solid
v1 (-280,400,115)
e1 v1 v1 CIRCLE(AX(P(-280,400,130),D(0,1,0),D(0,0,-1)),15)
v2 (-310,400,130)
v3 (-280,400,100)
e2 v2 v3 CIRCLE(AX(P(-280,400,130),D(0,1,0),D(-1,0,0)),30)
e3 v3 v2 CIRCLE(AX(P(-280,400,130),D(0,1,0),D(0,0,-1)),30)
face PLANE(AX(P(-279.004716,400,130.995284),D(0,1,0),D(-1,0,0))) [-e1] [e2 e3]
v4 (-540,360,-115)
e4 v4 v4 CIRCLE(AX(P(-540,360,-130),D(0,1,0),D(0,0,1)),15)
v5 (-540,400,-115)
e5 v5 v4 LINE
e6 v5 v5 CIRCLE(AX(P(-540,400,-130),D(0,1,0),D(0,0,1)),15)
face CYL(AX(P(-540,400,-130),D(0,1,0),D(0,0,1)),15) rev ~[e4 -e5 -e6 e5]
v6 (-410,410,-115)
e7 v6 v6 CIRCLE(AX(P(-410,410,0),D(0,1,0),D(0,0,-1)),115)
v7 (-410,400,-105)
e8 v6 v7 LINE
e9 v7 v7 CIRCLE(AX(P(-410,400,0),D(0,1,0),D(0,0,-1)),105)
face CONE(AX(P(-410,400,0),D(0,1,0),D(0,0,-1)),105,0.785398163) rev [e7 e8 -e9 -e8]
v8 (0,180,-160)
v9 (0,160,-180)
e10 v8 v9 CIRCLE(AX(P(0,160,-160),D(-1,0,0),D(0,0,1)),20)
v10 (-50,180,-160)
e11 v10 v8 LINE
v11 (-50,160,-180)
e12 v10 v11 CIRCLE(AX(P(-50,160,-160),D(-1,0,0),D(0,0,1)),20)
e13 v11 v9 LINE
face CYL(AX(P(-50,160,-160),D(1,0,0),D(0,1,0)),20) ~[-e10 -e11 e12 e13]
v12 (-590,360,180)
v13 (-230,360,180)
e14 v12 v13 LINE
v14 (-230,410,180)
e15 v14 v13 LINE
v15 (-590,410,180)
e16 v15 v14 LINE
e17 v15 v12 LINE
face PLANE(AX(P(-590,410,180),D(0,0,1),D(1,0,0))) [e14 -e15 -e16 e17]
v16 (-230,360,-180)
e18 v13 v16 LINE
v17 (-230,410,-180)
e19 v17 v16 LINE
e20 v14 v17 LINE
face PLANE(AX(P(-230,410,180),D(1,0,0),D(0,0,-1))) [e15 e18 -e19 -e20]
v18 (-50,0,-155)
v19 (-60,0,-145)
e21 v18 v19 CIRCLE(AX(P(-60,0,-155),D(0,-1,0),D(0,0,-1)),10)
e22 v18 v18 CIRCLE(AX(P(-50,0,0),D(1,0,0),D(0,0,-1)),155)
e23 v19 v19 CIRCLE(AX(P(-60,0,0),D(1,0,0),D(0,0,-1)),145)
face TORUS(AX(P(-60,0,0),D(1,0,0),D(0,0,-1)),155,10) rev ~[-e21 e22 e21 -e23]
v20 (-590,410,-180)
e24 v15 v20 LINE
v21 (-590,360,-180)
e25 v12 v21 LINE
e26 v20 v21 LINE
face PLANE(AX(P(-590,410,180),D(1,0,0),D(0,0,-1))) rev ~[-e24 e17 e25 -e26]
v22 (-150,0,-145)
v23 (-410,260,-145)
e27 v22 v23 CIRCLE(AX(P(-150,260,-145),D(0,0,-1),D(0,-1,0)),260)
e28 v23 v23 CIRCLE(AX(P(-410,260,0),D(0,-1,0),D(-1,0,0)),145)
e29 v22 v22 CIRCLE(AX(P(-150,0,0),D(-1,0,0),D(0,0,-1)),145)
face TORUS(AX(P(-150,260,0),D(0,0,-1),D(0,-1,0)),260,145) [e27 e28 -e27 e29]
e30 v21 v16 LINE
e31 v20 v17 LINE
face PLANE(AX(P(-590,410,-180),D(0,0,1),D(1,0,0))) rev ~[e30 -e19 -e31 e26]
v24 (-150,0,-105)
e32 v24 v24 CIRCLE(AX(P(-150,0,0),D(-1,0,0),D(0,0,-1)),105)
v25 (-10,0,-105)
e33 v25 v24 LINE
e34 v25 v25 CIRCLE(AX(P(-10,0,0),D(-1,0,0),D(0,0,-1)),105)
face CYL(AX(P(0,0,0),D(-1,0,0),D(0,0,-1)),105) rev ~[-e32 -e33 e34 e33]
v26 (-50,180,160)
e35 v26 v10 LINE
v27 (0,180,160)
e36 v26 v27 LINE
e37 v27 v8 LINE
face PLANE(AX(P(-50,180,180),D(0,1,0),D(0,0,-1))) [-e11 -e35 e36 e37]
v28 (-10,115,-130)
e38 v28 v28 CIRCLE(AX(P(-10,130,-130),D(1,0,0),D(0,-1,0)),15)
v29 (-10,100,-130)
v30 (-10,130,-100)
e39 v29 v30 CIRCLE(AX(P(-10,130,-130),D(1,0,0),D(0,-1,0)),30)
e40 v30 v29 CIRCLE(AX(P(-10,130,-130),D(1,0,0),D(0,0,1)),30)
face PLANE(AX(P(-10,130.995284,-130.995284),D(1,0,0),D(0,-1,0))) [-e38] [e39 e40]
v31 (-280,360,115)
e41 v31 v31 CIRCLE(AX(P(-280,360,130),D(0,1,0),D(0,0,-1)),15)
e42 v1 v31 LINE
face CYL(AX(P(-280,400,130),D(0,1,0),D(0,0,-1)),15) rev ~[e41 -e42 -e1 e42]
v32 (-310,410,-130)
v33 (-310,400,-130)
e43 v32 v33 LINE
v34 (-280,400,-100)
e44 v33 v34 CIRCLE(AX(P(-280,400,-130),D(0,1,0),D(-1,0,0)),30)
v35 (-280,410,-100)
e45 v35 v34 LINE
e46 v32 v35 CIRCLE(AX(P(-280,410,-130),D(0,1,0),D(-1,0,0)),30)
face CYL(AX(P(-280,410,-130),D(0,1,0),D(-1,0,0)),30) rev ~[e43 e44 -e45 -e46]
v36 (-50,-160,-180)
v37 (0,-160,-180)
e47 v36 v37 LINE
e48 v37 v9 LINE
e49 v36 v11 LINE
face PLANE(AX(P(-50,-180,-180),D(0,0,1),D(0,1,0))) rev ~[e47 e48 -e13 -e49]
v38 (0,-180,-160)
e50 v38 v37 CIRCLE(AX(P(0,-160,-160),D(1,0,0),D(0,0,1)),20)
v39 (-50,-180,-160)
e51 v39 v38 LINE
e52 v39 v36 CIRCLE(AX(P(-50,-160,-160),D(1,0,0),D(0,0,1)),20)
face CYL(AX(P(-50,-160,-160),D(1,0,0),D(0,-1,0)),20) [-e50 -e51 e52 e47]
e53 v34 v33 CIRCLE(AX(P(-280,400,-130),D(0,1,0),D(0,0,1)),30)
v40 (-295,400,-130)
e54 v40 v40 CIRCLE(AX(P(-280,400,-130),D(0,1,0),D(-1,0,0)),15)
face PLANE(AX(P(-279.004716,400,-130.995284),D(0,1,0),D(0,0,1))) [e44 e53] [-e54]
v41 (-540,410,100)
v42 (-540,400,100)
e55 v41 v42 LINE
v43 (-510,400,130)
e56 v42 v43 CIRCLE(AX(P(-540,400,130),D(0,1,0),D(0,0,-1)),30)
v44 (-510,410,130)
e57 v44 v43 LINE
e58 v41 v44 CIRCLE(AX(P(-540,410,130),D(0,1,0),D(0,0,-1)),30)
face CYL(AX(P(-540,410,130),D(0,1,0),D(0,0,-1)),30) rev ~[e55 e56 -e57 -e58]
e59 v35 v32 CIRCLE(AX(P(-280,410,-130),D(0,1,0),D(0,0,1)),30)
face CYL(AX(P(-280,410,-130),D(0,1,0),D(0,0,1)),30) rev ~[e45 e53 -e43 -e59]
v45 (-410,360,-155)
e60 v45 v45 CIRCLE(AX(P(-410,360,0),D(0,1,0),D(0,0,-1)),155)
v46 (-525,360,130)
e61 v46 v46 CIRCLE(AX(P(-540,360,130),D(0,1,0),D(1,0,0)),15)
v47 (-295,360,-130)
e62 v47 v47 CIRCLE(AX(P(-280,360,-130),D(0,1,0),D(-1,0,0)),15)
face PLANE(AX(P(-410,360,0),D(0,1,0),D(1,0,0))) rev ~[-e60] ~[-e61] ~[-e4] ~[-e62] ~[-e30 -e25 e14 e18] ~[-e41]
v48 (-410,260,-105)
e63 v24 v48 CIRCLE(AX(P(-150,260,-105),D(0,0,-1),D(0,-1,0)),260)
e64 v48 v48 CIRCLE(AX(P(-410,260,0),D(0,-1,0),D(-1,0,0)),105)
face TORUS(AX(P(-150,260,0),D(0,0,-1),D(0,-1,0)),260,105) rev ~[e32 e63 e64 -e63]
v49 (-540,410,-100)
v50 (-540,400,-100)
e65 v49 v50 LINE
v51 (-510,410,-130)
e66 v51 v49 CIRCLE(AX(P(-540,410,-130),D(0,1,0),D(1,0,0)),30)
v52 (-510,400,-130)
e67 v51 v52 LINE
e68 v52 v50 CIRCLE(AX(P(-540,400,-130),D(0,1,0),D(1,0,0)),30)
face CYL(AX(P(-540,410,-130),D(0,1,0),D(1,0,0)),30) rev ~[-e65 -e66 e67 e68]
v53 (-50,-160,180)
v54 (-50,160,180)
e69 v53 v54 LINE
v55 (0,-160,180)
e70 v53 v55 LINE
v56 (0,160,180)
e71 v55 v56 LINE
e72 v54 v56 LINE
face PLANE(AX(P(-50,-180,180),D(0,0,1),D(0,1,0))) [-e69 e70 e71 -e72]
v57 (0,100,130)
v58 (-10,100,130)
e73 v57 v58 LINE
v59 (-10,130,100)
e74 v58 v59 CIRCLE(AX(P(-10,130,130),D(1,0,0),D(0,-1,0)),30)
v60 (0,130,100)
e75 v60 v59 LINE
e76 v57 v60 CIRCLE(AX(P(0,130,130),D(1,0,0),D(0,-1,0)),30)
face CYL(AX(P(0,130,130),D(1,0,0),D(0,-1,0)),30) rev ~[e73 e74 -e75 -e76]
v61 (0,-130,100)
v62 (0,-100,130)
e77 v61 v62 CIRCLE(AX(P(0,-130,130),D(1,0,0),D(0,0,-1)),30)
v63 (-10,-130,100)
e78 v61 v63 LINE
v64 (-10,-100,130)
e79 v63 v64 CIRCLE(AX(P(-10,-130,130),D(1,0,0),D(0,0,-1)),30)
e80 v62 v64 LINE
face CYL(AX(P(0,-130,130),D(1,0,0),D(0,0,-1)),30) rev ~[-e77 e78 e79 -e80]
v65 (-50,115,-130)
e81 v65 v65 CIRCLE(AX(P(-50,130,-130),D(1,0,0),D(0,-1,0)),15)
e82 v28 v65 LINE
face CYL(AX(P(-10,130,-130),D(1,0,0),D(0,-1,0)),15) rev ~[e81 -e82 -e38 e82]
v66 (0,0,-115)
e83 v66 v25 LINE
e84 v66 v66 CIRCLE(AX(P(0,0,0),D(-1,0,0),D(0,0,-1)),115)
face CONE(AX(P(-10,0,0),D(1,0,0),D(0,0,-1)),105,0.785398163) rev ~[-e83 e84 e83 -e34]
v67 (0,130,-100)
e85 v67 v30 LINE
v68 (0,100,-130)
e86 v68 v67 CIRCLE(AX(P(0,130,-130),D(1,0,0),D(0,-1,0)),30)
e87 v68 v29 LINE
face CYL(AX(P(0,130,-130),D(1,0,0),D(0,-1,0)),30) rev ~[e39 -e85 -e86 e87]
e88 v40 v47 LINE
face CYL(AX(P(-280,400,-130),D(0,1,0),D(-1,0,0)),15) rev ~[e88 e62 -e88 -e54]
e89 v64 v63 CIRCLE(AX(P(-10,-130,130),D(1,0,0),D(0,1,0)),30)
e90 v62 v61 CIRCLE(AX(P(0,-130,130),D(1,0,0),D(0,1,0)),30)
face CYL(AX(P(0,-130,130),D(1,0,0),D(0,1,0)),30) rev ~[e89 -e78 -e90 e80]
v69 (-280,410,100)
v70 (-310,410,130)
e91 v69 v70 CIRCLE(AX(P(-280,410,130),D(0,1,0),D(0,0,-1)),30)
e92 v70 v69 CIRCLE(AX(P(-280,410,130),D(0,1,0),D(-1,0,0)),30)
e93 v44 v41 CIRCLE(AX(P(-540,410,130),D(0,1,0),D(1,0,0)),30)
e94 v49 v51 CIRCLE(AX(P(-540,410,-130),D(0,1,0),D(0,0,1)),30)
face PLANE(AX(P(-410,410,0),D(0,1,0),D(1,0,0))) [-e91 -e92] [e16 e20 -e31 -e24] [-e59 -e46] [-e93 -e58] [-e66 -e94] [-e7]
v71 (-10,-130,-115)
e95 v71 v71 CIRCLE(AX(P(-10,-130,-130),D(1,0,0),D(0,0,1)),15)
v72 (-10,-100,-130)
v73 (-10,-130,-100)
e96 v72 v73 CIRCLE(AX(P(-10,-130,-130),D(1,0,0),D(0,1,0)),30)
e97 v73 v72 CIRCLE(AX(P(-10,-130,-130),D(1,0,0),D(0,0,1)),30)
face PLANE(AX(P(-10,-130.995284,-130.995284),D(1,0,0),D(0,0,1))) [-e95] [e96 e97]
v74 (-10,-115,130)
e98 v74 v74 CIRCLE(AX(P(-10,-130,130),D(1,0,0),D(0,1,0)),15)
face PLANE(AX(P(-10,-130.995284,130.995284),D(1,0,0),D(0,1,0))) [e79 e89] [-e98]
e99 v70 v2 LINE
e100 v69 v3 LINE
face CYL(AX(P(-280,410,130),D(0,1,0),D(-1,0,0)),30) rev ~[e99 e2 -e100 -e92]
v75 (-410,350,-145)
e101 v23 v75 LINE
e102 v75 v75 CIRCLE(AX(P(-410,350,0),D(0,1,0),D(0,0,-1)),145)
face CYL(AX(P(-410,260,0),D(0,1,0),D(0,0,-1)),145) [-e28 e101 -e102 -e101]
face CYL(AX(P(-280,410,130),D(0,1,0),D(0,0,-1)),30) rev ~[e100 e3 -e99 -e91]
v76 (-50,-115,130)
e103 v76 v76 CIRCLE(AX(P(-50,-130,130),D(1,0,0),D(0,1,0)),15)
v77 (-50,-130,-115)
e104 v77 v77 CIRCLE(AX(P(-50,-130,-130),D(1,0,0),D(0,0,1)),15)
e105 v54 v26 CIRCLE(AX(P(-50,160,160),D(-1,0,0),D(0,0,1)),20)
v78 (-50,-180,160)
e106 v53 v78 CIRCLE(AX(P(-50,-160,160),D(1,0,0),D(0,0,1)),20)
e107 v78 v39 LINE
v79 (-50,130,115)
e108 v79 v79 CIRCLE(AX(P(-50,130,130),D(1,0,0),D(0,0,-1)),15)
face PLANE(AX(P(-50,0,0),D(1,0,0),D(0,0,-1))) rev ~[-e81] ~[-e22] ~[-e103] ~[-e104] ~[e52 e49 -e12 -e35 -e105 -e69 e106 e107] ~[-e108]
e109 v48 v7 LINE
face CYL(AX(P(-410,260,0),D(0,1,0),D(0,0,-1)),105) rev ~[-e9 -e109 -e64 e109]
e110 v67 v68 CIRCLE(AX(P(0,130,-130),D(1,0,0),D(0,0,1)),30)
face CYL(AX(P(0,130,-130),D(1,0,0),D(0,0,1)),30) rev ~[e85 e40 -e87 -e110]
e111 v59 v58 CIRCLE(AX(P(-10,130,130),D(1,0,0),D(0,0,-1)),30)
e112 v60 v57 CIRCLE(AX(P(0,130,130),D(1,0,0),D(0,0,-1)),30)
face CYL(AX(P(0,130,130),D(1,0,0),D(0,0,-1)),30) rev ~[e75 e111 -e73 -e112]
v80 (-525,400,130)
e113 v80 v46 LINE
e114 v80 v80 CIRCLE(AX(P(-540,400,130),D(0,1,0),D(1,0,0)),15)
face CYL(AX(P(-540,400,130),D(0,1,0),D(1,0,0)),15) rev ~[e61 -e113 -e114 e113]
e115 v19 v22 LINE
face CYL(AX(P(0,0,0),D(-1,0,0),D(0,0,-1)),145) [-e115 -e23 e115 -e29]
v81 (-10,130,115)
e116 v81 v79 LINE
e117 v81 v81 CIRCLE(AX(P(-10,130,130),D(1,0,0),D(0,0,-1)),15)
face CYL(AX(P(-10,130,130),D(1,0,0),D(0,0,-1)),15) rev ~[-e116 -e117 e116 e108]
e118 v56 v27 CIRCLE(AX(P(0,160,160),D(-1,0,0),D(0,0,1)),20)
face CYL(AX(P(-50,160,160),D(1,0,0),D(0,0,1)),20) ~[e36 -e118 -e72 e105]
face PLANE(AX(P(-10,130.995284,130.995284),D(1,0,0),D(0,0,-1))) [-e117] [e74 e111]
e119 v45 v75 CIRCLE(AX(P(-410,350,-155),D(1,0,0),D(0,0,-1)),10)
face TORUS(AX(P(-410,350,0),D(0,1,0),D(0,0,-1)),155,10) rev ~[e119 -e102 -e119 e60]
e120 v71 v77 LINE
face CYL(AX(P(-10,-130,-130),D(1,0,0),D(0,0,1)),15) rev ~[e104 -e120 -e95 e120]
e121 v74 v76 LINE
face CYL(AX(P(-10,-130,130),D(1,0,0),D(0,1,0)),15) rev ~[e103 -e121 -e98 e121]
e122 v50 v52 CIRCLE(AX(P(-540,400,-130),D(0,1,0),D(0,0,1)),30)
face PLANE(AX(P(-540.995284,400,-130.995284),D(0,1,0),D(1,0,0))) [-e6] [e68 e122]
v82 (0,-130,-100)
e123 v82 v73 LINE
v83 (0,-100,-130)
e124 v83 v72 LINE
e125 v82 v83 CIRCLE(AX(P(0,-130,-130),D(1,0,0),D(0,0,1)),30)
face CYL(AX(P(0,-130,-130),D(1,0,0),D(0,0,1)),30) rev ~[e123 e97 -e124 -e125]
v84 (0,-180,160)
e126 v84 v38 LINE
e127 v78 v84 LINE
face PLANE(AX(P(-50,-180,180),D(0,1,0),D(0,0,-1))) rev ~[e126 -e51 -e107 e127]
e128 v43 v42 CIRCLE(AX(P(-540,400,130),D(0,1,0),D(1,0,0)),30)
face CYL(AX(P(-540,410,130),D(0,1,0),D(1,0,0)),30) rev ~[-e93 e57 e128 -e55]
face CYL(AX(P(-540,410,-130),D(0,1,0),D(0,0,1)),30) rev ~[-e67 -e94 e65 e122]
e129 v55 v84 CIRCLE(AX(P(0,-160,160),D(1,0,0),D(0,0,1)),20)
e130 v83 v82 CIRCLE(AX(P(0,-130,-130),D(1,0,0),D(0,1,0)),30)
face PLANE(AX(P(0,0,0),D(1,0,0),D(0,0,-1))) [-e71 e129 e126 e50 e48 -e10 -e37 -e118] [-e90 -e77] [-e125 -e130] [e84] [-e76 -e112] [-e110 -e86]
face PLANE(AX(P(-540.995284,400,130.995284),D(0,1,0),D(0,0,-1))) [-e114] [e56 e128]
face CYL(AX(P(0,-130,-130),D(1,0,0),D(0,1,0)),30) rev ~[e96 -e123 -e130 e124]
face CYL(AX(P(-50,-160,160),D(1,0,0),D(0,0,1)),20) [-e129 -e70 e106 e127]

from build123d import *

# Parameters (mm, degrees)
SKETCH2_R           = 145
SKETCH2_R_2         = 105
BOSS_EXTRUDE1_START = -50
SKETCH4_W           = 360
SKETCH4_H           = 360
SKETCH4_R           = 145
BOSS_EXTRUDE1_DEPTH = 50
CUT_EXTRUDE1_DEPTH  = 10
CUT_EXTRUDE2_REACH  = 707.355
SKETCH6_R           = 15
CIRPATTERN1_COUNT   = 4
FILLET1_R           = 20
FILLET2_R           = 10
CHAMFER1_SIZE       = 10
SKETCH7_W           = 360
SKETCH7_H           = 360
SKETCH7_R           = 145
BOSS_EXTRUDE2_DEPTH = 50
CUT_EXTRUDE3_DEPTH  = 10
CUT_EXTRUDE4_REACH  = 848.699
SKETCH9_R           = 15
CIRPATTERN3_COUNT   = 4
CHAMFER2_SIZE       = 10
FILLET4_R           = 10


with BuildPart() as part:
    # Sweep-Thin1: sweep along a path in Sketch1
    with BuildLine(Plane.XY) as sweep_thin1_path:
        Line((0, 0), (-150, 0))
        ThreePointArc((-150, 0), (-333.847763109, 76.152236891), (-410, 260))
        Line((-410, 260), (-410, 410))
    # Sketch2 → Sweep-Thin1 (sweep)
    with BuildSketch(Plane(origin=(0, 0, 0), x_dir=(0, 0, -1), z_dir=(1, 0, 0))):
        Circle(SKETCH2_R)
        Circle(SKETCH2_R_2, mode=Mode.SUBTRACT)
    sweep(path=sweep_thin1_path.line)

    # Sketch4 → Boss-Extrude1 (add)
    with BuildSketch(Plane(origin=(0, 0, 0), x_dir=(0, 0, -1), z_dir=(1, 0, 0)).offset(BOSS_EXTRUDE1_START)):
        Rectangle(SKETCH4_W, SKETCH4_H)
        with Locations(Location((0, 0, 0), (0, 0, 270))):
            Circle(SKETCH4_R, mode=Mode.SUBTRACT)
    extrude(amount=BOSS_EXTRUDE1_DEPTH)

    # Sketch5 → Cut-Extrude1 (cut)
    with BuildSketch(Plane(origin=(0, 0, 0), x_dir=(0, 0, -1), z_dir=(1, 0, 0))):
        with BuildLine():
            Line((-130, 100), (-130, 130))
            Line((-130, 130), (-100, 130))
            ThreePointArc((-100, 130), (-151.213203436, 151.213203436), (-130, 100))
        make_face()
        with BuildLine():
            Line((-100, 130), (-130, 130))
            Line((-130, 130), (-130, 100))
            ThreePointArc((-130, 100), (-108.786796564, 108.786796564), (-100, 130))
        make_face()
    cut_extrude1 = extrude(amount=-CUT_EXTRUDE1_DEPTH, mode=Mode.SUBTRACT)

    # Sketch6 → Cut-Extrude2 (cut, up to next)
    with BuildSketch(Plane(origin=(-10, 0, 0), x_dir=(0, 0, -1), z_dir=(1, 0, 0)), mode=Mode.PRIVATE) as cut_extrude2_sk1:
        with Locations((-130, 130)):
            Circle(SKETCH6_R)
    cut_extrude2_tool1 = extrude(cut_extrude2_sk1.sketch, amount=-CUT_EXTRUDE2_REACH, mode=Mode.PRIVATE) & part.part
    cut_extrude2 = cut_extrude2_tool1.solids().sort_by_distance((-10, 130, 130))[0]
    add(cut_extrude2, mode=Mode.SUBTRACT)

    # CirPattern1: Cut-Extrude1, Cut-Extrude2 ×4 about axis
    cirpattern1_axis = Axis((0, 0, 0), (1, 0, 0))
    add([cut_extrude1.rotate(cirpattern1_axis, i * 360 / CIRPATTERN1_COUNT) for i in range(1, CIRPATTERN1_COUNT)], mode=Mode.SUBTRACT)
    add([cut_extrude2.rotate(cirpattern1_axis, i * 360 / CIRPATTERN1_COUNT) for i in range(1, CIRPATTERN1_COUNT)], mode=Mode.SUBTRACT)

    # Fillet1
    fillet1_edges = [part.edges().sort_by_distance(p)[0] for p in [
        (-25, 180, -180),
        (-25, -180, -180),
        (-25, -180, 180),
        (-25, 180, 180),
    ]]
    fillet(fillet1_edges, radius=FILLET1_R)

    # Fillet2
    fillet2_edges = [part.edges().sort_by_distance(p)[0] for p in [
        (-50, 0, 145),
    ]]
    fillet(fillet2_edges, radius=FILLET2_R)

    # Chamfer1
    chamfer1_edges = [part.edges().sort_by_distance(p)[0] for p in [
        (0, 0, 105),
    ]]
    chamfer(chamfer1_edges, length=CHAMFER1_SIZE)

    # Sketch7 → Boss-Extrude2 (add)
    with BuildSketch(Plane(origin=(0, 410, 0), x_dir=(1, 0, 0), z_dir=(0, 1, 0))):
        with Locations((-410, 0)):
            Rectangle(SKETCH7_W, SKETCH7_H)
        with Locations(Location((-410, 0, 0), (0, 0, 270))):
            Circle(SKETCH7_R, mode=Mode.SUBTRACT)
    extrude(amount=-BOSS_EXTRUDE2_DEPTH)

    # Sketch8 → Cut-Extrude3 (cut)
    with BuildSketch(Plane(origin=(0, 410, 0), x_dir=(1, 0, 0), z_dir=(0, 1, 0))):
        with BuildLine():
            Line((-540, 100), (-540, 130))
            Line((-540, 130), (-510, 130))
            ThreePointArc((-510, 130), (-561.213203436, 151.213203436), (-540, 100))
        make_face()
        with BuildLine():
            Line((-510, 130), (-540, 130))
            Line((-540, 130), (-540, 100))
            ThreePointArc((-540, 100), (-518.786796564, 108.786796564), (-510, 130))
        make_face()
    cut_extrude3 = extrude(amount=-CUT_EXTRUDE3_DEPTH, mode=Mode.SUBTRACT)

    # Sketch9 → Cut-Extrude4 (cut, up to next)
    with BuildSketch(Plane(origin=(0, 400, 0), x_dir=(1, 0, 0), z_dir=(0, 1, 0)), mode=Mode.PRIVATE) as cut_extrude4_sk1:
        with Locations(Location((-540, 130, 0), (0, 0, 270))):
            Circle(SKETCH9_R)
    cut_extrude4_tool1 = extrude(cut_extrude4_sk1.sketch, amount=-CUT_EXTRUDE4_REACH, mode=Mode.PRIVATE) & part.part
    cut_extrude4 = cut_extrude4_tool1.solids().sort_by_distance((-540, 400, -130))[0]
    add(cut_extrude4, mode=Mode.SUBTRACT)

    # CirPattern3: Cut-Extrude3, Cut-Extrude4 ×4 about axis
    cirpattern3_axis = Axis((-410, 0, 0), (0, 1, 0))
    add([cut_extrude3.rotate(cirpattern3_axis, i * 360 / CIRPATTERN3_COUNT) for i in range(1, CIRPATTERN3_COUNT)], mode=Mode.SUBTRACT)
    add([cut_extrude4.rotate(cirpattern3_axis, i * 360 / CIRPATTERN3_COUNT) for i in range(1, CIRPATTERN3_COUNT)], mode=Mode.SUBTRACT)

    # Chamfer2
    chamfer2_edges = [part.edges().sort_by_distance(p)[0] for p in [
        (-410, 410, 105),
    ]]
    chamfer(chamfer2_edges, length=CHAMFER2_SIZE)

    # Fillet4
    fillet4_edges = [part.edges().sort_by_distance(p)[0] for p in [
        (-410, 360, 145),
    ]]
    fillet(fillet4_edges, radius=FILLET4_R)


solid = part.part
